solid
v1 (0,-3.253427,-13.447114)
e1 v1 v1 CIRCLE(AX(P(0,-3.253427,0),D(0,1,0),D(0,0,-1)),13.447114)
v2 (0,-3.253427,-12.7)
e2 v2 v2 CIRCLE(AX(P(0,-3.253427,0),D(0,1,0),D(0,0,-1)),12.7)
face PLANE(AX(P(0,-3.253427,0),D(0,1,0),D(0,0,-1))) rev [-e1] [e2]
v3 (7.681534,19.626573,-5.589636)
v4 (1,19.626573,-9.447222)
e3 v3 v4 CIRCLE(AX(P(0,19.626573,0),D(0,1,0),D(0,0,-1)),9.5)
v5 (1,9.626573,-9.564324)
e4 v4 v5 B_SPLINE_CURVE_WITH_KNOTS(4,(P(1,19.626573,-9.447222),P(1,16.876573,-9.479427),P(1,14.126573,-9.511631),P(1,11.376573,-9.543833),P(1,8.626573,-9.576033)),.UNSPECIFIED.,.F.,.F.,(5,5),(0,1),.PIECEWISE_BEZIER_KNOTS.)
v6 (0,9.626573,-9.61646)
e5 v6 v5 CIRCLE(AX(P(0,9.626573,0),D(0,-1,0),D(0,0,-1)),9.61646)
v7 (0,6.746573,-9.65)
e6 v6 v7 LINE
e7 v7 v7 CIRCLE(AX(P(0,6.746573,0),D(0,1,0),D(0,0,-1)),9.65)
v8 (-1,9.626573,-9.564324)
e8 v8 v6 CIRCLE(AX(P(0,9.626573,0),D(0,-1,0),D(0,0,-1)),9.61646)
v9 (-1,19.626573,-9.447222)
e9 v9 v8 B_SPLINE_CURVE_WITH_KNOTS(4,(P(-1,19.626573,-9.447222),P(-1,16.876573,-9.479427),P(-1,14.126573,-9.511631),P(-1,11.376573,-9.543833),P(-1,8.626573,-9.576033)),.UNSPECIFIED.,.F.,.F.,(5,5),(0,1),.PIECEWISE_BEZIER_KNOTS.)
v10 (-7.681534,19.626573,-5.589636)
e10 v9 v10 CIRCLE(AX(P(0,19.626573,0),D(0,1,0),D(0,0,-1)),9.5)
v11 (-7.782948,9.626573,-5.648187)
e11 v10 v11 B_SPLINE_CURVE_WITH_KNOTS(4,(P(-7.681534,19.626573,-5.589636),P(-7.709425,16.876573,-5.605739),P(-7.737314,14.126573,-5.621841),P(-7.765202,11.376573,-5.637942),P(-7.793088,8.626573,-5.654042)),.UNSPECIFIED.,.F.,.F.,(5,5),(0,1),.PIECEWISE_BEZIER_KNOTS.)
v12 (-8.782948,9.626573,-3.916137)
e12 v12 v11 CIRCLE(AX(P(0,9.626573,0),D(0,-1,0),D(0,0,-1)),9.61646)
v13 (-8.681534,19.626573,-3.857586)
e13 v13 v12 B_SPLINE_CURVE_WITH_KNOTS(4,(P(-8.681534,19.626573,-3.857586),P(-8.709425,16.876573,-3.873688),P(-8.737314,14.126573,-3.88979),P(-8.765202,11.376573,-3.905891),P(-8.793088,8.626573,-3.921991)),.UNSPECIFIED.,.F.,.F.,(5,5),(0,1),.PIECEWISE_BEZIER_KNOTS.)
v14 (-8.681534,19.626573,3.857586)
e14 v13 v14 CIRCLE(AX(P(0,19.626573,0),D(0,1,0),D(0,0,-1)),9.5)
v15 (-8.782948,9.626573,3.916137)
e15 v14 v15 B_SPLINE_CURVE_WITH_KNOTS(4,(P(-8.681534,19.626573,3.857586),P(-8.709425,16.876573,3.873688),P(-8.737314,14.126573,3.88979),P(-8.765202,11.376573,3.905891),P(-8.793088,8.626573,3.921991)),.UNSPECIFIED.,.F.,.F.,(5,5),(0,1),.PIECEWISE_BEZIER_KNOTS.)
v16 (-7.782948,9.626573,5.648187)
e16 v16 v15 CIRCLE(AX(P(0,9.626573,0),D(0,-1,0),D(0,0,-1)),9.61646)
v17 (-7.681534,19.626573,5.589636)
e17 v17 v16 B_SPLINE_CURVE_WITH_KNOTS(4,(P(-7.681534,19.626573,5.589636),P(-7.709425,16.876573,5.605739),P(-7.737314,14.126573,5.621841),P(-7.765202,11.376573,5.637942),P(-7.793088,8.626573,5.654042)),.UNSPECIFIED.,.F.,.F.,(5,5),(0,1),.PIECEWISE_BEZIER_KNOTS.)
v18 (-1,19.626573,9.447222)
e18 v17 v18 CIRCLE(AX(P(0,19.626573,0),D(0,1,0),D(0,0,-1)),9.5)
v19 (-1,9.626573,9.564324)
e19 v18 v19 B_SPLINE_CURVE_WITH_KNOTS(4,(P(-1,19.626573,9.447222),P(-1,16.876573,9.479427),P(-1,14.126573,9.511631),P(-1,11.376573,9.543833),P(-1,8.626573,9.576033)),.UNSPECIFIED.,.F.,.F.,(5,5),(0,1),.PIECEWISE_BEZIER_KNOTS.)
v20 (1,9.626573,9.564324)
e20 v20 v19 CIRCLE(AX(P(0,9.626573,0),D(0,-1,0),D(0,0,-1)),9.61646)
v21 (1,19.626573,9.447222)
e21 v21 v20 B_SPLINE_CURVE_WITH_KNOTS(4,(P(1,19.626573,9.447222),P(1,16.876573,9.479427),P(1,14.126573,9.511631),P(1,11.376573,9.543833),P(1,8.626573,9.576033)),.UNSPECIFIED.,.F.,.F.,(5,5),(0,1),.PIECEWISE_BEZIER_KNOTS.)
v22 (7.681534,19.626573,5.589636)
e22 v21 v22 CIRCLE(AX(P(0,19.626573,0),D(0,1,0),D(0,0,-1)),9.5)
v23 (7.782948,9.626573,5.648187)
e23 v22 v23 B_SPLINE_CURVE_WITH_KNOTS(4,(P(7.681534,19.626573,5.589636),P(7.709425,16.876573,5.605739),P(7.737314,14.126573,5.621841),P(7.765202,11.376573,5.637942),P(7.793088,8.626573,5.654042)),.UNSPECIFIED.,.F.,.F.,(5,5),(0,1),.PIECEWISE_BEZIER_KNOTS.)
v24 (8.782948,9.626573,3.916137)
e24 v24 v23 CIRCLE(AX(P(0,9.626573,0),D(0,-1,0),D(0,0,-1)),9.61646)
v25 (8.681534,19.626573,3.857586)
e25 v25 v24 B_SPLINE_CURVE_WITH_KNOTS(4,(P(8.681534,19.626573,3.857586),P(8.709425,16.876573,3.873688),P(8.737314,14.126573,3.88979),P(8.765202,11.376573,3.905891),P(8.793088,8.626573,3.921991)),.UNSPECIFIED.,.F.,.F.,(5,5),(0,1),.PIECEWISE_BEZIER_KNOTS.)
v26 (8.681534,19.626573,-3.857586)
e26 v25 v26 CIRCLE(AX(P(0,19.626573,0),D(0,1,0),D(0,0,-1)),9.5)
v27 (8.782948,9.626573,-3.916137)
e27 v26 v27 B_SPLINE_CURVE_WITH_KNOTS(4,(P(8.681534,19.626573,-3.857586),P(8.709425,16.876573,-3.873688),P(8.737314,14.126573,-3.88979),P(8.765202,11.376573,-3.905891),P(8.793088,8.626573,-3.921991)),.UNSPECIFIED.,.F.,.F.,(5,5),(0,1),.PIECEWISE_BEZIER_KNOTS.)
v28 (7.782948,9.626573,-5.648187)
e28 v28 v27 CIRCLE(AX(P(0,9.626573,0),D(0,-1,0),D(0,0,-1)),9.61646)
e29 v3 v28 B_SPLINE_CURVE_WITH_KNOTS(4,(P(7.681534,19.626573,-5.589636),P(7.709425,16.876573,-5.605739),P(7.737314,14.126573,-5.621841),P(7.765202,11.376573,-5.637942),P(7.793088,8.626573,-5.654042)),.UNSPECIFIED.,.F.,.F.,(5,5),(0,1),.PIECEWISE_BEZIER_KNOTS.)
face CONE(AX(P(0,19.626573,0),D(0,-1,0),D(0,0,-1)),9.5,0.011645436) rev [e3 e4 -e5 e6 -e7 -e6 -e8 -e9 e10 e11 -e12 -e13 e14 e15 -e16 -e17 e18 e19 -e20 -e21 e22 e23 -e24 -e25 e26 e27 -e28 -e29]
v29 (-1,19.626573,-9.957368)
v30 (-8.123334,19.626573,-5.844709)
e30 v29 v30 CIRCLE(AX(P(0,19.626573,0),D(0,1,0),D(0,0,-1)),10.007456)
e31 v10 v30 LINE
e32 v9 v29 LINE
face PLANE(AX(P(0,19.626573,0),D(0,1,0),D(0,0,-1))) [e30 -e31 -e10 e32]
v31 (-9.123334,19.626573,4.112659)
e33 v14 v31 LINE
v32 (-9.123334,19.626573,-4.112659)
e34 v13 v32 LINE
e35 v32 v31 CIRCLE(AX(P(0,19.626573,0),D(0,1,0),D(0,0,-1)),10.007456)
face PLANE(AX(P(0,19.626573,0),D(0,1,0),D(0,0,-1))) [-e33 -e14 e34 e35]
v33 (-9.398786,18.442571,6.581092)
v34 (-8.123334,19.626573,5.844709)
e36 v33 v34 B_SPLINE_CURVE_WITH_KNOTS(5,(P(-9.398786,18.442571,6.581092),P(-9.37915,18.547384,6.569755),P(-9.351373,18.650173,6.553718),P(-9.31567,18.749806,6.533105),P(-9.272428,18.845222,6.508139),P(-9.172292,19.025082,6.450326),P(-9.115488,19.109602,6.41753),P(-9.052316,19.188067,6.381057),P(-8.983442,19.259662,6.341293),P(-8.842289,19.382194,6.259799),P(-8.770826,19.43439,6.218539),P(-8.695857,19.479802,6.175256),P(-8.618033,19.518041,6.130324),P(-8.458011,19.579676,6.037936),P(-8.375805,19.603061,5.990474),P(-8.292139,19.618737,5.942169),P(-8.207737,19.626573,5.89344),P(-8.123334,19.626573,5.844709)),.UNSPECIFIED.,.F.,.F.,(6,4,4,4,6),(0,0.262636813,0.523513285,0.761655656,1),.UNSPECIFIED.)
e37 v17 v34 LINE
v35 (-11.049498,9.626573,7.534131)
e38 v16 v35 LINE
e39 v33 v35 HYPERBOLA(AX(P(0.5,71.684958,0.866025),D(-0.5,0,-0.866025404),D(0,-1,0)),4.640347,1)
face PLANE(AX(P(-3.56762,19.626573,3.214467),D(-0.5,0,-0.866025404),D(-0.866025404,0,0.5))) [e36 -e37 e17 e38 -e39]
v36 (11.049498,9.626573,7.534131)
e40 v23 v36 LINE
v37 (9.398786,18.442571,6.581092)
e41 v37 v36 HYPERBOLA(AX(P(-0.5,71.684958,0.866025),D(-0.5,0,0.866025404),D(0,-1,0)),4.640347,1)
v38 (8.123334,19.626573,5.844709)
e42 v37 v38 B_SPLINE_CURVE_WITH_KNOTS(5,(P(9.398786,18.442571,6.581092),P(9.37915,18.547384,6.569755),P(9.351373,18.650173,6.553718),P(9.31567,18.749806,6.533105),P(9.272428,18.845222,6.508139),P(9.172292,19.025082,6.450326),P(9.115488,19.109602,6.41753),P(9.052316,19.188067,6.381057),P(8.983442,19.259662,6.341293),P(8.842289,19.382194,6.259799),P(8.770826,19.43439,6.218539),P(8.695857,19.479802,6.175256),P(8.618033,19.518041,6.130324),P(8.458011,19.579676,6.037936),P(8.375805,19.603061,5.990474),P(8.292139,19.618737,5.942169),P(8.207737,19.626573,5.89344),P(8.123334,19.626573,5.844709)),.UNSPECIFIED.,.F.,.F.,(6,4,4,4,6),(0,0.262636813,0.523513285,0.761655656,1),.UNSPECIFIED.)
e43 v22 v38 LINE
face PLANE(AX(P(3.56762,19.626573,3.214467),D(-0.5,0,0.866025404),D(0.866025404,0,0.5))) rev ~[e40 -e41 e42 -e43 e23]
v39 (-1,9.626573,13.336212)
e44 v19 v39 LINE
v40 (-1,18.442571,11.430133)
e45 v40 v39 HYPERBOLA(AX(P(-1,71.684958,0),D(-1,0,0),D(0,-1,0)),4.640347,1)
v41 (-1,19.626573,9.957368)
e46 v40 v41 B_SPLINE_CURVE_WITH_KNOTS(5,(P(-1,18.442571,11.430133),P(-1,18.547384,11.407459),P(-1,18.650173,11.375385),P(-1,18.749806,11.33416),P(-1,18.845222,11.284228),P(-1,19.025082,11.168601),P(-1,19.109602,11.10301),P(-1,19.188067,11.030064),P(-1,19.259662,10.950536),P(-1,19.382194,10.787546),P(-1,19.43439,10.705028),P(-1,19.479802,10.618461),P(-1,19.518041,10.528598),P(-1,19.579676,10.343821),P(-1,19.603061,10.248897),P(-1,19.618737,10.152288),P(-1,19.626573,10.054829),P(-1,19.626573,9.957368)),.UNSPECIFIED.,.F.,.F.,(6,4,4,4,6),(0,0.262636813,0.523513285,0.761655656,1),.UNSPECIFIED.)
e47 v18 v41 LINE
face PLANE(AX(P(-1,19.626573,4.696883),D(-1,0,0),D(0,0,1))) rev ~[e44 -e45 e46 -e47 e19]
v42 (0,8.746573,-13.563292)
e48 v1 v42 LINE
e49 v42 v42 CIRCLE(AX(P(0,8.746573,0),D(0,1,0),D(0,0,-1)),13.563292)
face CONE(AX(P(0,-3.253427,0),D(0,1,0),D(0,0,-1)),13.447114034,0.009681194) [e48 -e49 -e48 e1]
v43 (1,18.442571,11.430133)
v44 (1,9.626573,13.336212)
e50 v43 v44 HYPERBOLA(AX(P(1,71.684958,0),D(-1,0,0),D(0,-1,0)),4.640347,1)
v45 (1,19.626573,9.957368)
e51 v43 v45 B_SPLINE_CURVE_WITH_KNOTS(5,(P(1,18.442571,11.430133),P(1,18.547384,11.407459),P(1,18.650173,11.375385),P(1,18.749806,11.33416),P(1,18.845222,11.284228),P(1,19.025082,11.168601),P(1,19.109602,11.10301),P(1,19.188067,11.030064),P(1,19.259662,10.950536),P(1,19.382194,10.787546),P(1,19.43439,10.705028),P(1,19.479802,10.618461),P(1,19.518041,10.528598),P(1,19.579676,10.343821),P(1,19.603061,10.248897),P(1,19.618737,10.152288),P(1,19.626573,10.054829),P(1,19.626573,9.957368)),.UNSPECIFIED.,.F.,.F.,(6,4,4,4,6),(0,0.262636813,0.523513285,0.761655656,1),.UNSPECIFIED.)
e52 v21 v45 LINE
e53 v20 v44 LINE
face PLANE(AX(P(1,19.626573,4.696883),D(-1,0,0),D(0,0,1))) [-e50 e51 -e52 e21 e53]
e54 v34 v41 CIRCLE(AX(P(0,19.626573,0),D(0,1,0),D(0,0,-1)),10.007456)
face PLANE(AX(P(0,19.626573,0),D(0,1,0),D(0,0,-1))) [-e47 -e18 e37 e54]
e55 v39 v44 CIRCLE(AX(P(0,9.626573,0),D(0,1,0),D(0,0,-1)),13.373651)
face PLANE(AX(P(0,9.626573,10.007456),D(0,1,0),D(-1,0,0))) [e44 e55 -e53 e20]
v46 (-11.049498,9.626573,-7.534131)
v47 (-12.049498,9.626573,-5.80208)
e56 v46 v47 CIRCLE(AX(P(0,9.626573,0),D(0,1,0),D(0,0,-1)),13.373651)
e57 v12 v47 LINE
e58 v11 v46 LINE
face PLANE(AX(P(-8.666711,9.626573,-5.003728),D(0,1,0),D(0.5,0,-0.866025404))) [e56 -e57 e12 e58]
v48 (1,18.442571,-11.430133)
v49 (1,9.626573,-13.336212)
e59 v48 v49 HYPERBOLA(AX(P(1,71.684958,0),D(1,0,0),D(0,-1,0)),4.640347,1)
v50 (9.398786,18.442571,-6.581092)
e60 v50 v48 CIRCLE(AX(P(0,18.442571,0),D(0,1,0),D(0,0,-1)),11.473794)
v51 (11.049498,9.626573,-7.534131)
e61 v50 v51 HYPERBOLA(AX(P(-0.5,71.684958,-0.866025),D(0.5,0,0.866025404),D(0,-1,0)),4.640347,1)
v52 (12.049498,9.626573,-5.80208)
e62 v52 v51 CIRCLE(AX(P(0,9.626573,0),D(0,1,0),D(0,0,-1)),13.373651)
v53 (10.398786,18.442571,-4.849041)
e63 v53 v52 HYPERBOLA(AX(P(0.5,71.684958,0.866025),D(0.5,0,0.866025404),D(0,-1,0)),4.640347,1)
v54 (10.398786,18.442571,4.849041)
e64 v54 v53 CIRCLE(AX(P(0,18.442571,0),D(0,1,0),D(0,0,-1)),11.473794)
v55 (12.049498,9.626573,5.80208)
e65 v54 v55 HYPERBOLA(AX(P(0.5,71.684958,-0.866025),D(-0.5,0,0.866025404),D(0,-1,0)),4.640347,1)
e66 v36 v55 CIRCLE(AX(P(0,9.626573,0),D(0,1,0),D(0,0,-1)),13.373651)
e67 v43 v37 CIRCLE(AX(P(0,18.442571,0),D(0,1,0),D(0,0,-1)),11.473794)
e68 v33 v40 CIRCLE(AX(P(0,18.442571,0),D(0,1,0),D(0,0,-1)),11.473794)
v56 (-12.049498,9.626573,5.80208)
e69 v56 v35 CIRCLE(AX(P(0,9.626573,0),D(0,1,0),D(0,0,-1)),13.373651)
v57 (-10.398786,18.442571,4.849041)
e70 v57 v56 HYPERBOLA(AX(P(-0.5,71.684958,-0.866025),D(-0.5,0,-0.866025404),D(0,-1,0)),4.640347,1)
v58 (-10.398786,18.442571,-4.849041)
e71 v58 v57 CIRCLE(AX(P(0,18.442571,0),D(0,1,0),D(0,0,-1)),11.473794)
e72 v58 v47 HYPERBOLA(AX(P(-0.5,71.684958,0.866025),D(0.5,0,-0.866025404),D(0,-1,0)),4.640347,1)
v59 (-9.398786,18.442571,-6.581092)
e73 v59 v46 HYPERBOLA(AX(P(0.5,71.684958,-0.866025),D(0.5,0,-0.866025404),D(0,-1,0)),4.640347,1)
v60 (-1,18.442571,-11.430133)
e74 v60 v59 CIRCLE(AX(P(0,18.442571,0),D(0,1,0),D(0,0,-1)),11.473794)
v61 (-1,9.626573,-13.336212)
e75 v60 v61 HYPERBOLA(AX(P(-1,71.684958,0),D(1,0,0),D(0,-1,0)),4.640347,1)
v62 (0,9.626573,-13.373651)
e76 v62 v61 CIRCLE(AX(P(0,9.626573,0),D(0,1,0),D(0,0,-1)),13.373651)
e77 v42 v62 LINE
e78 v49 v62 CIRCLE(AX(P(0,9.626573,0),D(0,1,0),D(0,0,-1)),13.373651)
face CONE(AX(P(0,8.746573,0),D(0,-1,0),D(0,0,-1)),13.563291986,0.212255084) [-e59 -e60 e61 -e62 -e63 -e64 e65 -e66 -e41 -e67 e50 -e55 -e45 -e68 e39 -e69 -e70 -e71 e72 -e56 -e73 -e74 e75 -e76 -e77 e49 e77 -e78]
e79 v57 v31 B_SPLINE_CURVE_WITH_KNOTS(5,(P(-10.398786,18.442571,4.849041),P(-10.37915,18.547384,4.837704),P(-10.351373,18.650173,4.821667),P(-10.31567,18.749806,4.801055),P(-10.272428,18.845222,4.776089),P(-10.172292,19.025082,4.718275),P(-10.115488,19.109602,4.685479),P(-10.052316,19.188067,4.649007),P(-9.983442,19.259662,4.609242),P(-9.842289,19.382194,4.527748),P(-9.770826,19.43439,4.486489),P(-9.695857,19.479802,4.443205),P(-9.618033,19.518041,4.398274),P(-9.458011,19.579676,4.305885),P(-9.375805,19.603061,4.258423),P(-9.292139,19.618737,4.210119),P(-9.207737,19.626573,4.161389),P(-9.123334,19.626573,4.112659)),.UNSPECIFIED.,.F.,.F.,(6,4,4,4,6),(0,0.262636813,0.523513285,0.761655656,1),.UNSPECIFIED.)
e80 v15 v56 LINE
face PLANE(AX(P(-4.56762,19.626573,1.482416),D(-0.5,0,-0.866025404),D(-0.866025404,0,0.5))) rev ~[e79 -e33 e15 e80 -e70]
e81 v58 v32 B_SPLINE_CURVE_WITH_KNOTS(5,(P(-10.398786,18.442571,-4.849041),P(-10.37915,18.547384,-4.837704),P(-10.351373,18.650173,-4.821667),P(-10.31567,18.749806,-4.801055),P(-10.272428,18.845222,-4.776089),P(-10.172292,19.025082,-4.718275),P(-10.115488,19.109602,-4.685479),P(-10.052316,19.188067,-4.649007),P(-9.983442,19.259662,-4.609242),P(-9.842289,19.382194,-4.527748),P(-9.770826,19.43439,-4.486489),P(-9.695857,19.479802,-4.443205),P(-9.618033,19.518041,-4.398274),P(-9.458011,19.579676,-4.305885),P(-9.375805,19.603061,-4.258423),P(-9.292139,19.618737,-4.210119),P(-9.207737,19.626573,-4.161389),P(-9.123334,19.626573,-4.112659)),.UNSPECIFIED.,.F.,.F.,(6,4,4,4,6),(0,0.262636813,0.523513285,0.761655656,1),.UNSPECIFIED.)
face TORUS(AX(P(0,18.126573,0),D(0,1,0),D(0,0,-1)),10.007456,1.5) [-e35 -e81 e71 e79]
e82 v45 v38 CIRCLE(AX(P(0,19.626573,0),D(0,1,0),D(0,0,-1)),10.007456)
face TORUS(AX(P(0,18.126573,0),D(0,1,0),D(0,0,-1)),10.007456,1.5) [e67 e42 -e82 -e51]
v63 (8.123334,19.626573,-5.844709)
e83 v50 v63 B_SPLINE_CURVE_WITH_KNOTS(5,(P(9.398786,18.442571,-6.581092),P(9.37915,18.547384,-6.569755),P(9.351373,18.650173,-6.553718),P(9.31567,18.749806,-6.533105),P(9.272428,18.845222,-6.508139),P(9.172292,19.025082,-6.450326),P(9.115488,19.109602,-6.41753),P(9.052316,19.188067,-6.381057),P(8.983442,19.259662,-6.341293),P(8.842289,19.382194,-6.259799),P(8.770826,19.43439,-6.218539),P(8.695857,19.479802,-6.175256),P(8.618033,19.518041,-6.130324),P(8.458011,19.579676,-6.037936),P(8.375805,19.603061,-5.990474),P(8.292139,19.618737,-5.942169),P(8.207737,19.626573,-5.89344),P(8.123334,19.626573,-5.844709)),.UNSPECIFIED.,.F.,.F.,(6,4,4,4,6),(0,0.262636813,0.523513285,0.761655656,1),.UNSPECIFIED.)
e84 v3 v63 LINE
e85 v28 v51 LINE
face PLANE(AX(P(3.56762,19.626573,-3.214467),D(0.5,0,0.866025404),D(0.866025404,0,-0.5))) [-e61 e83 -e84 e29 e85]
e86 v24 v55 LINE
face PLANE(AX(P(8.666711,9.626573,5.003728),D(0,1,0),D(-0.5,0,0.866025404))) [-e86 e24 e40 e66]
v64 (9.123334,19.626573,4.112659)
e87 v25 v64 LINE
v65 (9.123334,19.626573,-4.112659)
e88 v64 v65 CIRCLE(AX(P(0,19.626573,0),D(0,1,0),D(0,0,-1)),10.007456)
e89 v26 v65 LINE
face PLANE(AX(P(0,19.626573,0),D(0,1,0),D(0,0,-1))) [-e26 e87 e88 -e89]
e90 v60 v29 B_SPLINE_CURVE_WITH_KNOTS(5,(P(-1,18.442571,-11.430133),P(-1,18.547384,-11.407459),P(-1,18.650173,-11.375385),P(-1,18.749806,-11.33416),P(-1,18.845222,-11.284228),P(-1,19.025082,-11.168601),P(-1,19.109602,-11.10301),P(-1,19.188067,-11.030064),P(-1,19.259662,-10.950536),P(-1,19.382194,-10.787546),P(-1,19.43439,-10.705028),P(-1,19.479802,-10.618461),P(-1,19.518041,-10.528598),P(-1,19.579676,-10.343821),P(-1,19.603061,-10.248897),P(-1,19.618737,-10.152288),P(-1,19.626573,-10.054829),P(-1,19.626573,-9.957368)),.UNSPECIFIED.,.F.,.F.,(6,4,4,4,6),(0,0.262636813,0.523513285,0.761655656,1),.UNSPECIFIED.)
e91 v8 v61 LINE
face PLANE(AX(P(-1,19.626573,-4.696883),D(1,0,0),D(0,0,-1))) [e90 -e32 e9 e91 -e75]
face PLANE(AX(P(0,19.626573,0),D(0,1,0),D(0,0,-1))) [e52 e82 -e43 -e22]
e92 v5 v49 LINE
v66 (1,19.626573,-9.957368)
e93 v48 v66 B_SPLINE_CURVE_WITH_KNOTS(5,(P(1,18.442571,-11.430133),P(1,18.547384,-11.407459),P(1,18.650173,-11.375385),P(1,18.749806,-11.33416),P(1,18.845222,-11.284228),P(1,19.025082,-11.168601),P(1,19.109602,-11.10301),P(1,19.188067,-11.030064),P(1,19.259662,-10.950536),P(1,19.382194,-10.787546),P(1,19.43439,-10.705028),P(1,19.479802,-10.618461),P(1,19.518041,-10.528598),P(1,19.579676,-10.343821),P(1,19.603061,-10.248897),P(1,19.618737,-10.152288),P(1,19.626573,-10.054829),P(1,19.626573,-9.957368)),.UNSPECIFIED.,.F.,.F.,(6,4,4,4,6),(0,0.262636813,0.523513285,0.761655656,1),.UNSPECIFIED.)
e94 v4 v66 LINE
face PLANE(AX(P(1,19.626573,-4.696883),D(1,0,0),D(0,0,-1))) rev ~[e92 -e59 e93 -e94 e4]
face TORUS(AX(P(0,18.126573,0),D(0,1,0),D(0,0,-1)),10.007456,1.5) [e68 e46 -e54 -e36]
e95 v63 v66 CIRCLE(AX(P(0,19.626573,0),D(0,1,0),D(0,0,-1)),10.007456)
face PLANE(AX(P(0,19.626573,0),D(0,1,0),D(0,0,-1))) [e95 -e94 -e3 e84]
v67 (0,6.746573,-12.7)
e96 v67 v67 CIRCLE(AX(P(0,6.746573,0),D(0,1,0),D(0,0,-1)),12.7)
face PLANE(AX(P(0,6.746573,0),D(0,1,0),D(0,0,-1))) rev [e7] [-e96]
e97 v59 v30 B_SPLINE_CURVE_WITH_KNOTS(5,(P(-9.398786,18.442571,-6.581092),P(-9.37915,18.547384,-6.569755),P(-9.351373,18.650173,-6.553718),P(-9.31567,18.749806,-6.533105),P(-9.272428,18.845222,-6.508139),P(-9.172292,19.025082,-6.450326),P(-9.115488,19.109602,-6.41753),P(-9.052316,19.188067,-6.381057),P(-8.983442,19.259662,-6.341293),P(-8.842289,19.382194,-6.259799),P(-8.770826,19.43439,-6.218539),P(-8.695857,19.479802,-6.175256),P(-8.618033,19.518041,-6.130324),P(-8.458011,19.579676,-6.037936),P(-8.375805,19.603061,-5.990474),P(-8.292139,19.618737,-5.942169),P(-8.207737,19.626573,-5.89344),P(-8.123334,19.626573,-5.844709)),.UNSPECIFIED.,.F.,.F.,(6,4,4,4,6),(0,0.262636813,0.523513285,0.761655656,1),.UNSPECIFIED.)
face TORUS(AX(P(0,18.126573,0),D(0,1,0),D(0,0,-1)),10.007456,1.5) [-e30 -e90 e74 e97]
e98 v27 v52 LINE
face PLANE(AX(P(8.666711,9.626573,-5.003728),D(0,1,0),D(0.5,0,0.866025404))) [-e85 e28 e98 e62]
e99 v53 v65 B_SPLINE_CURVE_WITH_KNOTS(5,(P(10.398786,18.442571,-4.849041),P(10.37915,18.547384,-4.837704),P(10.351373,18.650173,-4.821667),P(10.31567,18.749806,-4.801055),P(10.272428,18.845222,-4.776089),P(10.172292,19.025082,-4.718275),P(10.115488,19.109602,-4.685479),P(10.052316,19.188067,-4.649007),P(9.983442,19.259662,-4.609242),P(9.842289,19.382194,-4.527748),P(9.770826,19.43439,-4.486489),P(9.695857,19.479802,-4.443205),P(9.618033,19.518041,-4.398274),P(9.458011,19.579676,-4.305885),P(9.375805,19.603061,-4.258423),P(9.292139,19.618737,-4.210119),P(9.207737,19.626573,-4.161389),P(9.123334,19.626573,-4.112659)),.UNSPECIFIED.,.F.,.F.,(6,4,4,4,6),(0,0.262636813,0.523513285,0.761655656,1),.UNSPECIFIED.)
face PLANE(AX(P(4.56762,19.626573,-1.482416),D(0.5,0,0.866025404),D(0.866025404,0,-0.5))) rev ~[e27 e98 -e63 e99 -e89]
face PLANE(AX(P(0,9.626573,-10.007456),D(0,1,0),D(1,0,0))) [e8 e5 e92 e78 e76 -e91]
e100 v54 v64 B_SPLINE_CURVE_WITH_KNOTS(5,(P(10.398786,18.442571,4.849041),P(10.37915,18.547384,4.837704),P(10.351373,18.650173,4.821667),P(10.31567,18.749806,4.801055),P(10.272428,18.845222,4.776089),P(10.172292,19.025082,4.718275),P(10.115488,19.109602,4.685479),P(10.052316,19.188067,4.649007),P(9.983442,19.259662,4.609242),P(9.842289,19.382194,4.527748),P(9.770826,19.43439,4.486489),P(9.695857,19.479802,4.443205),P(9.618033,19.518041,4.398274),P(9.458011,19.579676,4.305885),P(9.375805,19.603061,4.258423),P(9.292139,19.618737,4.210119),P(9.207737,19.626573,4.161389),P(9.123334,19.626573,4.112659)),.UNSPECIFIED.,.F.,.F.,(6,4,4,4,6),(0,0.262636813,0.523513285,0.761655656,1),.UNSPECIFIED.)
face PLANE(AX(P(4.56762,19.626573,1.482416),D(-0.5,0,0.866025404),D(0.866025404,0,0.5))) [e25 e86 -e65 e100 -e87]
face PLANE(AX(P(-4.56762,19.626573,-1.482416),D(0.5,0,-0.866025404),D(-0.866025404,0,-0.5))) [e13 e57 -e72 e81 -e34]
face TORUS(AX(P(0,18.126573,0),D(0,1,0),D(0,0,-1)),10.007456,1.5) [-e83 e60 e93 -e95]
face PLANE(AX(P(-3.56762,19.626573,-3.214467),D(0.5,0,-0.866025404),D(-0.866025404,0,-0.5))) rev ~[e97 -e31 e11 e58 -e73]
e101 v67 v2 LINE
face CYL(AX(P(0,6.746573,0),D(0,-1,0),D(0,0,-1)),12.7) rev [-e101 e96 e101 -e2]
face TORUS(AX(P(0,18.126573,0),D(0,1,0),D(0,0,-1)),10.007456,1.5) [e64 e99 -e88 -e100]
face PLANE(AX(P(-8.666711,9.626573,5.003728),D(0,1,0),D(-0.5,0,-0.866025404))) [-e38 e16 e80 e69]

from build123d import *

# Parameters (mm, degrees)
SKETCH3_W          = 2
SKETCH3_H          = 10.621146273
CUT_EXTRUDE1_DEPTH = 10
CIRPATTERN1_COUNT  = 6


with BuildPart() as part:
    # Sketch1 → Revolve1 (revolve)
    with BuildSketch(Plane.XY, mode=Mode.PRIVATE) as revolve1_sk:
        with BuildLine():
            Line((12.7, -3.253426841), (13.447114034, -3.253426841))
            Line((13.447114034, -3.253426841), (13.563291986, 8.746573159))
            Line((13.563291986, 8.746573159), (11.473793749, 18.442570525))
            ThreePointArc((11.473793749, 18.442570525), (10.949794816, 19.29361987), (10.007456249, 19.626573159))
            Line((10.007456249, 19.626573159), (9.5, 19.626573159))
            Line((9.5, 19.626573159), (9.65, 6.746573159))
            Line((9.65, 6.746573159), (12.7, 6.746573159))
            Line((12.7, 6.746573159), (12.7, -3.253426841))
        make_face()
    revolve(revolve1_sk.sketch.rotate(Axis((0, 0, 0), (0, 1, 0)), 90), axis=Axis((0, 0, 0), (0, 1, 0)))

    # Sketch3 → Cut-Extrude1 (cut)
    with BuildSketch(Plane(origin=(0, 19.626573159, 0), x_dir=(1, 0, 0), z_dir=(0, 1, 0))):
        with Locations((0, 10.007456249)):
            Rectangle(SKETCH3_W, SKETCH3_H)
    cut_extrude1 = extrude(amount=-CUT_EXTRUDE1_DEPTH, mode=Mode.SUBTRACT)

    # CirPattern1: Cut-Extrude1 ×6 about axis
    cirpattern1_axis = Axis((0, 0, 0), (0, 1, 0))
    for i in range(1, CIRPATTERN1_COUNT):
        add(cut_extrude1.rotate(cirpattern1_axis, i * 360 / CIRPATTERN1_COUNT), mode=Mode.SUBTRACT)


solid = part.part
